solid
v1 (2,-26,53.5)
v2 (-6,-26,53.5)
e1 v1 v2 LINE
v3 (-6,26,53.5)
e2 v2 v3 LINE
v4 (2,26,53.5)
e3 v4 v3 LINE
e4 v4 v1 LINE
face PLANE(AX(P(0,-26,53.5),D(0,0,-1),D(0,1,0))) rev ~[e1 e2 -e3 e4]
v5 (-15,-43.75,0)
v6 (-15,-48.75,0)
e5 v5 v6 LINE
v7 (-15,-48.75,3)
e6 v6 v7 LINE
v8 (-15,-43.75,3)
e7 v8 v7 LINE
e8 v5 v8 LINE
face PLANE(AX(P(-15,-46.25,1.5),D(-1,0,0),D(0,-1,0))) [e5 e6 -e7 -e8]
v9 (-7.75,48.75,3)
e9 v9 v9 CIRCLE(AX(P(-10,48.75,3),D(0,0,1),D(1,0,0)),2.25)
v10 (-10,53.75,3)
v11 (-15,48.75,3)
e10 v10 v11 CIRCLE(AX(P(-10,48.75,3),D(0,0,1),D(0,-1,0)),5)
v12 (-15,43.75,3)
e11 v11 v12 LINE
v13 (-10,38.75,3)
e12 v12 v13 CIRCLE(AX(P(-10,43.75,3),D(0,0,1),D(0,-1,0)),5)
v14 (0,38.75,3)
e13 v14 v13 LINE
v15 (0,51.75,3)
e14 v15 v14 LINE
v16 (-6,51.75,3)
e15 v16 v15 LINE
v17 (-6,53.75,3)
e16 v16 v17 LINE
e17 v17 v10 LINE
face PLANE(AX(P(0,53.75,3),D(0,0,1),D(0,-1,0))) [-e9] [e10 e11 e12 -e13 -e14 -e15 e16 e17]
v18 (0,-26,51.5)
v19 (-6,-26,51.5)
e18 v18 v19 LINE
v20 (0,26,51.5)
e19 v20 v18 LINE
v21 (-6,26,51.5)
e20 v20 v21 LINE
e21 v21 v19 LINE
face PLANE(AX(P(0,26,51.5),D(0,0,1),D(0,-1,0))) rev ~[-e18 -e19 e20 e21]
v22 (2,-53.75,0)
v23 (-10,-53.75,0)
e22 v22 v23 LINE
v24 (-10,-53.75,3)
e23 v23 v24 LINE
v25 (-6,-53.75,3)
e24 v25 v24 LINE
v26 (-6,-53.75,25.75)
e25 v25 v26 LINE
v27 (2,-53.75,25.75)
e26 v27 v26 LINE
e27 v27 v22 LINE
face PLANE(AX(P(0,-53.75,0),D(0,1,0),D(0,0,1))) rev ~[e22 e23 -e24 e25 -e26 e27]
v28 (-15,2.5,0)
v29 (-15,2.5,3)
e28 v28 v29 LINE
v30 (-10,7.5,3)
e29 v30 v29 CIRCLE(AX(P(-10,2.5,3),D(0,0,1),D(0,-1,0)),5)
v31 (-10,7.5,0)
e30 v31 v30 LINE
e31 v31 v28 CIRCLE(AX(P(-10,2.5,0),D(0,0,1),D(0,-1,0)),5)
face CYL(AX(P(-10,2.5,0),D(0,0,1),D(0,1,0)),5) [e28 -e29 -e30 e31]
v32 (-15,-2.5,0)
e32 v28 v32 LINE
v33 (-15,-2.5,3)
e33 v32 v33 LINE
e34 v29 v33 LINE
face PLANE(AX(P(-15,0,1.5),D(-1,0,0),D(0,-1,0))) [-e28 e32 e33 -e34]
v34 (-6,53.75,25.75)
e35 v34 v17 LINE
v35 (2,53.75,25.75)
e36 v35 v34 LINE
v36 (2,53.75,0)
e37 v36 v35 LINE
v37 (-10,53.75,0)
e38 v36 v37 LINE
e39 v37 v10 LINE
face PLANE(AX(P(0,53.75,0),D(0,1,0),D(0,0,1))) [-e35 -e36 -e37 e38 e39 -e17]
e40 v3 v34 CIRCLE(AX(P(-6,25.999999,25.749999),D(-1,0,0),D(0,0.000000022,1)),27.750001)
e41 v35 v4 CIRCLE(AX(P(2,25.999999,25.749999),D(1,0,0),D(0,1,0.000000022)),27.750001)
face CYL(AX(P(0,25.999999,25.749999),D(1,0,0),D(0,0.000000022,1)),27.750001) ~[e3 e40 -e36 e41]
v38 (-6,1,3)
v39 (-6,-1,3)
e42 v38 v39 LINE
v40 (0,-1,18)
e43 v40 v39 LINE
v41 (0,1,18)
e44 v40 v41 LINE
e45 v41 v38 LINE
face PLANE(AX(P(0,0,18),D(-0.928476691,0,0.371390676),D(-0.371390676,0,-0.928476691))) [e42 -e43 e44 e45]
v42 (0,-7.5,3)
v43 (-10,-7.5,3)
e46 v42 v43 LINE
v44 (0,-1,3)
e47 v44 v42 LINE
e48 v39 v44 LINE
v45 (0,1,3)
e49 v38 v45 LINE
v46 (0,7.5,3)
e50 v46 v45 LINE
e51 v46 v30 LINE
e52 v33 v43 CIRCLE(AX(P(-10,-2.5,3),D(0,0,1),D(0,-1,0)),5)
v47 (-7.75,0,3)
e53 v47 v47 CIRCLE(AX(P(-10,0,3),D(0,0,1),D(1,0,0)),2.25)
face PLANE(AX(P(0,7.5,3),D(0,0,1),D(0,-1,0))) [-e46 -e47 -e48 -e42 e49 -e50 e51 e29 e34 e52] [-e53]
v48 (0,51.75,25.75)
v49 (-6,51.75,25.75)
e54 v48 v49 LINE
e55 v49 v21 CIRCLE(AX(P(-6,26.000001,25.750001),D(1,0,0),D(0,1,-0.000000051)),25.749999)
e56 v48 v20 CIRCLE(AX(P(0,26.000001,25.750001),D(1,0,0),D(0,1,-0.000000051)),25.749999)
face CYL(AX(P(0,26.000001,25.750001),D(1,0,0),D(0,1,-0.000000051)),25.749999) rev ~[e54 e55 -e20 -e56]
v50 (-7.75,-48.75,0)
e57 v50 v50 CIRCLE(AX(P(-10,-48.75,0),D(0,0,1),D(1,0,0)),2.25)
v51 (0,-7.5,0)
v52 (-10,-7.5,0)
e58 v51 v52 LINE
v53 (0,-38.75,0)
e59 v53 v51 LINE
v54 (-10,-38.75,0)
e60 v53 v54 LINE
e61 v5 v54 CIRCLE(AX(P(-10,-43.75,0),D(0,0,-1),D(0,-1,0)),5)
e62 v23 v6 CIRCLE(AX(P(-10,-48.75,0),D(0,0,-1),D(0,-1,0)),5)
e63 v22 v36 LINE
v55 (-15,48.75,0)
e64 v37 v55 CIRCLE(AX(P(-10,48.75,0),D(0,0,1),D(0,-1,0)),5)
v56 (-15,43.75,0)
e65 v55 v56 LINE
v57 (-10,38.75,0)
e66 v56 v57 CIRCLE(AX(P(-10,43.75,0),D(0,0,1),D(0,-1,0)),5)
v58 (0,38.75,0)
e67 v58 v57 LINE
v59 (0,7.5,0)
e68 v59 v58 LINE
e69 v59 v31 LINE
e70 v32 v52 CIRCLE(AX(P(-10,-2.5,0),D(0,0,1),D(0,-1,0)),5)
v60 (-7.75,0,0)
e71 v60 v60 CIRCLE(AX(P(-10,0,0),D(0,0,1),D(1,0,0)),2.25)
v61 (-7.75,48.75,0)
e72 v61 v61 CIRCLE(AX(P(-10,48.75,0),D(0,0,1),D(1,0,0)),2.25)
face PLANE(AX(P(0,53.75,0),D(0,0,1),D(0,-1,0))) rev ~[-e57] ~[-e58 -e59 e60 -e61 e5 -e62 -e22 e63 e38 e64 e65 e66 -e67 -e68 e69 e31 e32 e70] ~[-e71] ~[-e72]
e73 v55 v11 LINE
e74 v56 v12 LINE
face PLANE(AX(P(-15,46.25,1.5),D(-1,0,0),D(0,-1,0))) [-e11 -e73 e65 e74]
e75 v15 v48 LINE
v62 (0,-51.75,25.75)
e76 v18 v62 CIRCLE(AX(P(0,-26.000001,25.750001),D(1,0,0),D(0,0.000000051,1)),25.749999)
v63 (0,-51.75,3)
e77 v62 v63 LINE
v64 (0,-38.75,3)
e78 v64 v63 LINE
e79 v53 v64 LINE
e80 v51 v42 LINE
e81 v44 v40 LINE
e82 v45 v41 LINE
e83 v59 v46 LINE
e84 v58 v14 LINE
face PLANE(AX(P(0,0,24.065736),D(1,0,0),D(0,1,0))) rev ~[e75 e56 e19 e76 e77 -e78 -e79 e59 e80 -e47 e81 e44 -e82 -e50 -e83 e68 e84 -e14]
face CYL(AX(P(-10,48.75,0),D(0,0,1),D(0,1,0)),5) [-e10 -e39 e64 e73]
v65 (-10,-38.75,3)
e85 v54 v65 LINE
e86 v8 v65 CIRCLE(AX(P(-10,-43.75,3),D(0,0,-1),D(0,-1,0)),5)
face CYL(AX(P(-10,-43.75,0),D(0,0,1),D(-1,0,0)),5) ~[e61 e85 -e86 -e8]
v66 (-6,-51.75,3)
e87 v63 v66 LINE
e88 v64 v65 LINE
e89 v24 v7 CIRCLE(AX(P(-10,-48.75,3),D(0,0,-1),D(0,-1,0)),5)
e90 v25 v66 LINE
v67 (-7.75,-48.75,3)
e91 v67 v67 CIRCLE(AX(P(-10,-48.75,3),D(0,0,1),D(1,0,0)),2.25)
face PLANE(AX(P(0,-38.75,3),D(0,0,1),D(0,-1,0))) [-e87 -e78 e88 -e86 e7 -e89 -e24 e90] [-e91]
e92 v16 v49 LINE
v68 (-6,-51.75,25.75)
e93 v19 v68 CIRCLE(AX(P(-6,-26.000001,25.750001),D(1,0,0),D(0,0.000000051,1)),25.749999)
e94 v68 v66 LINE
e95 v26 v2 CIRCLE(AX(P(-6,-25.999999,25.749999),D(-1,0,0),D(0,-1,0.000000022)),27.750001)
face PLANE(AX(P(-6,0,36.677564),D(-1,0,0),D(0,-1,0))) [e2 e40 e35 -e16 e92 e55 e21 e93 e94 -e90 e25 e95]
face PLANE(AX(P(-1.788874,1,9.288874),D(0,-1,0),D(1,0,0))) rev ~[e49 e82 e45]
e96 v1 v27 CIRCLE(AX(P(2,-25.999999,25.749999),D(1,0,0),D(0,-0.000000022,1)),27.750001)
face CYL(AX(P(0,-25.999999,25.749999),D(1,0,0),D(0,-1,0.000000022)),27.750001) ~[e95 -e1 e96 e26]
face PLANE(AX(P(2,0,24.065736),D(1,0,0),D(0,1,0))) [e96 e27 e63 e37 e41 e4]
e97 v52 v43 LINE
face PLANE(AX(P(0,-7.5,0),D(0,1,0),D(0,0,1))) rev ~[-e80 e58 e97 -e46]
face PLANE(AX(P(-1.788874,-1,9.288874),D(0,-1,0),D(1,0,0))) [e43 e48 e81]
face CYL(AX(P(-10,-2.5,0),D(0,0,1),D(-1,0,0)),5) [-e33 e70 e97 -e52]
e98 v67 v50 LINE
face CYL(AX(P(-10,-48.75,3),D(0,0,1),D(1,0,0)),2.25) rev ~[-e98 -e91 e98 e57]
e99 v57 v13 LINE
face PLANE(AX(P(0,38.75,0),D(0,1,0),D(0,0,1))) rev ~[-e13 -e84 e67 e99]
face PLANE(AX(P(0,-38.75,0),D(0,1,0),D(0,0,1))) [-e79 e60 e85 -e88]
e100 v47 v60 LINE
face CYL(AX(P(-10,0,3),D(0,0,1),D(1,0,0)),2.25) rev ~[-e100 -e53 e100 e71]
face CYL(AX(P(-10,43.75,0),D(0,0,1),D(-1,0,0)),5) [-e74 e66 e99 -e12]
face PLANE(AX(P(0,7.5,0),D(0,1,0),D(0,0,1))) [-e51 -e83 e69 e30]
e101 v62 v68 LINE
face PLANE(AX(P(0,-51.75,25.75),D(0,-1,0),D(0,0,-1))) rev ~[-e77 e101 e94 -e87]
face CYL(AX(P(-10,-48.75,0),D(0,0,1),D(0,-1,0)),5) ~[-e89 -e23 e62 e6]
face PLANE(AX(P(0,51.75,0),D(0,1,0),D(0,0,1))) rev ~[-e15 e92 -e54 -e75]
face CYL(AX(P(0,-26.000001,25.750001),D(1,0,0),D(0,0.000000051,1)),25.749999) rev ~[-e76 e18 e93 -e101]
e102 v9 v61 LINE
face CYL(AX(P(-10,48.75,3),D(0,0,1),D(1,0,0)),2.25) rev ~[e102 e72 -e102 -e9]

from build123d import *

# Parameters (mm, degrees)
F1_DEPTH = 2
F3_DEPTH = 6
F4_W     = 15
F4_H     = 3
F5_DEPTH = 15
F7_DEPTH = 1
F8_R     = 2.25
F9_DEPTH = 3.001
F10_R    = 5


with BuildPart() as f1:
    # F0 (on Right) → F1 (new body)
    with BuildSketch(Plane.YZ):
        with BuildLine():
            Line((-53.75, 25.75), (-53.75, 0))
            Line((-53.75, 0), (53.75, 0))
            Line((53.75, 0), (53.75, 25.75))
            ThreePointArc((53.75, 25.75), (45.622213, 45.372213), (26, 53.5))
            Line((26, 53.5), (-26, 53.5))
            ThreePointArc((-26, 53.5), (-45.622213, 45.372213), (-53.75, 25.75))
        make_face()
    extrude(amount=F1_DEPTH)

    # F2 (on face) → F3 (join)
    with BuildSketch(Plane(origin=(0, 0, 0), x_dir=(0, -1, 0), z_dir=(-1, 0, 0))):
        with BuildLine():
            ThreePointArc((26, 51.5), (44.208, 43.958), (51.75, 25.75))
            Line((51.75, 25.75), (51.75, 0))
            Line((51.75, 0), (53.75, 0))
            Line((53.75, 0), (53.75, 25.75))
            ThreePointArc((53.75, 25.75), (45.622213, 45.372213), (26, 53.5))
            Line((26, 53.5), (-26, 53.5))
            ThreePointArc((-26, 53.5), (-45.622213, 45.372213), (-53.75, 25.75))
            Line((-53.75, 25.75), (-53.75, 0))
            Line((-53.75, 0), (-51.75, 0))
            Line((-51.75, 0), (-51.75, 25.75))
            ThreePointArc((-51.75, 25.75), (-44.208, 43.958), (-26, 51.5))
            Line((-26, 51.5), (26, 51.5))
        make_face()
    extrude(amount=F3_DEPTH)

    # F4 (on face) → F5 (join)
    with BuildSketch(Plane(origin=(0, 0, 0), x_dir=(0, -1, 0), z_dir=(-1, 0, 0))):
        with Locations((0, 1.5)):
            Rectangle(F4_W, F4_H)
        with Locations((-46.25, 1.5)):
            Rectangle(F4_W, F4_H)
        with Locations((46.25, 1.5)):
            Rectangle(F4_W, F4_H)
    extrude(amount=F5_DEPTH)

    # F6 (on Front) → F7 (join, symmetric)
    with BuildSketch(Plane.XZ):
        Polygon((0, 18), (-6, 3), (0, 3), align=None)
    extrude(amount=F7_DEPTH, both=True)

    # F8 (on face) → F9 (cut, through all)
    with BuildSketch(Plane.XY.offset(3)):
        with Locations((-10, 48.75)):
            Circle(F8_R)
        with Locations((-10, 0)):
            Circle(F8_R)
        with Locations((-10, -48.75)):
            Circle(F8_R)
    extrude(amount=-F9_DEPTH, mode=Mode.SUBTRACT)

    # F10
    f10_edges = [f1.edges().sort_by_distance(p)[0] for p in [
        (-15, -53.75, 1.5),
        (-15, 53.75, 1.5),
        (-15, 38.75, 1.5),
        (-15, 7.5, 1.5),
        (-15, -7.5, 1.5),
        (-15, -38.75, 1.5),
    ]]
    fillet(f10_edges, radius=F10_R)


solid = f1.part
